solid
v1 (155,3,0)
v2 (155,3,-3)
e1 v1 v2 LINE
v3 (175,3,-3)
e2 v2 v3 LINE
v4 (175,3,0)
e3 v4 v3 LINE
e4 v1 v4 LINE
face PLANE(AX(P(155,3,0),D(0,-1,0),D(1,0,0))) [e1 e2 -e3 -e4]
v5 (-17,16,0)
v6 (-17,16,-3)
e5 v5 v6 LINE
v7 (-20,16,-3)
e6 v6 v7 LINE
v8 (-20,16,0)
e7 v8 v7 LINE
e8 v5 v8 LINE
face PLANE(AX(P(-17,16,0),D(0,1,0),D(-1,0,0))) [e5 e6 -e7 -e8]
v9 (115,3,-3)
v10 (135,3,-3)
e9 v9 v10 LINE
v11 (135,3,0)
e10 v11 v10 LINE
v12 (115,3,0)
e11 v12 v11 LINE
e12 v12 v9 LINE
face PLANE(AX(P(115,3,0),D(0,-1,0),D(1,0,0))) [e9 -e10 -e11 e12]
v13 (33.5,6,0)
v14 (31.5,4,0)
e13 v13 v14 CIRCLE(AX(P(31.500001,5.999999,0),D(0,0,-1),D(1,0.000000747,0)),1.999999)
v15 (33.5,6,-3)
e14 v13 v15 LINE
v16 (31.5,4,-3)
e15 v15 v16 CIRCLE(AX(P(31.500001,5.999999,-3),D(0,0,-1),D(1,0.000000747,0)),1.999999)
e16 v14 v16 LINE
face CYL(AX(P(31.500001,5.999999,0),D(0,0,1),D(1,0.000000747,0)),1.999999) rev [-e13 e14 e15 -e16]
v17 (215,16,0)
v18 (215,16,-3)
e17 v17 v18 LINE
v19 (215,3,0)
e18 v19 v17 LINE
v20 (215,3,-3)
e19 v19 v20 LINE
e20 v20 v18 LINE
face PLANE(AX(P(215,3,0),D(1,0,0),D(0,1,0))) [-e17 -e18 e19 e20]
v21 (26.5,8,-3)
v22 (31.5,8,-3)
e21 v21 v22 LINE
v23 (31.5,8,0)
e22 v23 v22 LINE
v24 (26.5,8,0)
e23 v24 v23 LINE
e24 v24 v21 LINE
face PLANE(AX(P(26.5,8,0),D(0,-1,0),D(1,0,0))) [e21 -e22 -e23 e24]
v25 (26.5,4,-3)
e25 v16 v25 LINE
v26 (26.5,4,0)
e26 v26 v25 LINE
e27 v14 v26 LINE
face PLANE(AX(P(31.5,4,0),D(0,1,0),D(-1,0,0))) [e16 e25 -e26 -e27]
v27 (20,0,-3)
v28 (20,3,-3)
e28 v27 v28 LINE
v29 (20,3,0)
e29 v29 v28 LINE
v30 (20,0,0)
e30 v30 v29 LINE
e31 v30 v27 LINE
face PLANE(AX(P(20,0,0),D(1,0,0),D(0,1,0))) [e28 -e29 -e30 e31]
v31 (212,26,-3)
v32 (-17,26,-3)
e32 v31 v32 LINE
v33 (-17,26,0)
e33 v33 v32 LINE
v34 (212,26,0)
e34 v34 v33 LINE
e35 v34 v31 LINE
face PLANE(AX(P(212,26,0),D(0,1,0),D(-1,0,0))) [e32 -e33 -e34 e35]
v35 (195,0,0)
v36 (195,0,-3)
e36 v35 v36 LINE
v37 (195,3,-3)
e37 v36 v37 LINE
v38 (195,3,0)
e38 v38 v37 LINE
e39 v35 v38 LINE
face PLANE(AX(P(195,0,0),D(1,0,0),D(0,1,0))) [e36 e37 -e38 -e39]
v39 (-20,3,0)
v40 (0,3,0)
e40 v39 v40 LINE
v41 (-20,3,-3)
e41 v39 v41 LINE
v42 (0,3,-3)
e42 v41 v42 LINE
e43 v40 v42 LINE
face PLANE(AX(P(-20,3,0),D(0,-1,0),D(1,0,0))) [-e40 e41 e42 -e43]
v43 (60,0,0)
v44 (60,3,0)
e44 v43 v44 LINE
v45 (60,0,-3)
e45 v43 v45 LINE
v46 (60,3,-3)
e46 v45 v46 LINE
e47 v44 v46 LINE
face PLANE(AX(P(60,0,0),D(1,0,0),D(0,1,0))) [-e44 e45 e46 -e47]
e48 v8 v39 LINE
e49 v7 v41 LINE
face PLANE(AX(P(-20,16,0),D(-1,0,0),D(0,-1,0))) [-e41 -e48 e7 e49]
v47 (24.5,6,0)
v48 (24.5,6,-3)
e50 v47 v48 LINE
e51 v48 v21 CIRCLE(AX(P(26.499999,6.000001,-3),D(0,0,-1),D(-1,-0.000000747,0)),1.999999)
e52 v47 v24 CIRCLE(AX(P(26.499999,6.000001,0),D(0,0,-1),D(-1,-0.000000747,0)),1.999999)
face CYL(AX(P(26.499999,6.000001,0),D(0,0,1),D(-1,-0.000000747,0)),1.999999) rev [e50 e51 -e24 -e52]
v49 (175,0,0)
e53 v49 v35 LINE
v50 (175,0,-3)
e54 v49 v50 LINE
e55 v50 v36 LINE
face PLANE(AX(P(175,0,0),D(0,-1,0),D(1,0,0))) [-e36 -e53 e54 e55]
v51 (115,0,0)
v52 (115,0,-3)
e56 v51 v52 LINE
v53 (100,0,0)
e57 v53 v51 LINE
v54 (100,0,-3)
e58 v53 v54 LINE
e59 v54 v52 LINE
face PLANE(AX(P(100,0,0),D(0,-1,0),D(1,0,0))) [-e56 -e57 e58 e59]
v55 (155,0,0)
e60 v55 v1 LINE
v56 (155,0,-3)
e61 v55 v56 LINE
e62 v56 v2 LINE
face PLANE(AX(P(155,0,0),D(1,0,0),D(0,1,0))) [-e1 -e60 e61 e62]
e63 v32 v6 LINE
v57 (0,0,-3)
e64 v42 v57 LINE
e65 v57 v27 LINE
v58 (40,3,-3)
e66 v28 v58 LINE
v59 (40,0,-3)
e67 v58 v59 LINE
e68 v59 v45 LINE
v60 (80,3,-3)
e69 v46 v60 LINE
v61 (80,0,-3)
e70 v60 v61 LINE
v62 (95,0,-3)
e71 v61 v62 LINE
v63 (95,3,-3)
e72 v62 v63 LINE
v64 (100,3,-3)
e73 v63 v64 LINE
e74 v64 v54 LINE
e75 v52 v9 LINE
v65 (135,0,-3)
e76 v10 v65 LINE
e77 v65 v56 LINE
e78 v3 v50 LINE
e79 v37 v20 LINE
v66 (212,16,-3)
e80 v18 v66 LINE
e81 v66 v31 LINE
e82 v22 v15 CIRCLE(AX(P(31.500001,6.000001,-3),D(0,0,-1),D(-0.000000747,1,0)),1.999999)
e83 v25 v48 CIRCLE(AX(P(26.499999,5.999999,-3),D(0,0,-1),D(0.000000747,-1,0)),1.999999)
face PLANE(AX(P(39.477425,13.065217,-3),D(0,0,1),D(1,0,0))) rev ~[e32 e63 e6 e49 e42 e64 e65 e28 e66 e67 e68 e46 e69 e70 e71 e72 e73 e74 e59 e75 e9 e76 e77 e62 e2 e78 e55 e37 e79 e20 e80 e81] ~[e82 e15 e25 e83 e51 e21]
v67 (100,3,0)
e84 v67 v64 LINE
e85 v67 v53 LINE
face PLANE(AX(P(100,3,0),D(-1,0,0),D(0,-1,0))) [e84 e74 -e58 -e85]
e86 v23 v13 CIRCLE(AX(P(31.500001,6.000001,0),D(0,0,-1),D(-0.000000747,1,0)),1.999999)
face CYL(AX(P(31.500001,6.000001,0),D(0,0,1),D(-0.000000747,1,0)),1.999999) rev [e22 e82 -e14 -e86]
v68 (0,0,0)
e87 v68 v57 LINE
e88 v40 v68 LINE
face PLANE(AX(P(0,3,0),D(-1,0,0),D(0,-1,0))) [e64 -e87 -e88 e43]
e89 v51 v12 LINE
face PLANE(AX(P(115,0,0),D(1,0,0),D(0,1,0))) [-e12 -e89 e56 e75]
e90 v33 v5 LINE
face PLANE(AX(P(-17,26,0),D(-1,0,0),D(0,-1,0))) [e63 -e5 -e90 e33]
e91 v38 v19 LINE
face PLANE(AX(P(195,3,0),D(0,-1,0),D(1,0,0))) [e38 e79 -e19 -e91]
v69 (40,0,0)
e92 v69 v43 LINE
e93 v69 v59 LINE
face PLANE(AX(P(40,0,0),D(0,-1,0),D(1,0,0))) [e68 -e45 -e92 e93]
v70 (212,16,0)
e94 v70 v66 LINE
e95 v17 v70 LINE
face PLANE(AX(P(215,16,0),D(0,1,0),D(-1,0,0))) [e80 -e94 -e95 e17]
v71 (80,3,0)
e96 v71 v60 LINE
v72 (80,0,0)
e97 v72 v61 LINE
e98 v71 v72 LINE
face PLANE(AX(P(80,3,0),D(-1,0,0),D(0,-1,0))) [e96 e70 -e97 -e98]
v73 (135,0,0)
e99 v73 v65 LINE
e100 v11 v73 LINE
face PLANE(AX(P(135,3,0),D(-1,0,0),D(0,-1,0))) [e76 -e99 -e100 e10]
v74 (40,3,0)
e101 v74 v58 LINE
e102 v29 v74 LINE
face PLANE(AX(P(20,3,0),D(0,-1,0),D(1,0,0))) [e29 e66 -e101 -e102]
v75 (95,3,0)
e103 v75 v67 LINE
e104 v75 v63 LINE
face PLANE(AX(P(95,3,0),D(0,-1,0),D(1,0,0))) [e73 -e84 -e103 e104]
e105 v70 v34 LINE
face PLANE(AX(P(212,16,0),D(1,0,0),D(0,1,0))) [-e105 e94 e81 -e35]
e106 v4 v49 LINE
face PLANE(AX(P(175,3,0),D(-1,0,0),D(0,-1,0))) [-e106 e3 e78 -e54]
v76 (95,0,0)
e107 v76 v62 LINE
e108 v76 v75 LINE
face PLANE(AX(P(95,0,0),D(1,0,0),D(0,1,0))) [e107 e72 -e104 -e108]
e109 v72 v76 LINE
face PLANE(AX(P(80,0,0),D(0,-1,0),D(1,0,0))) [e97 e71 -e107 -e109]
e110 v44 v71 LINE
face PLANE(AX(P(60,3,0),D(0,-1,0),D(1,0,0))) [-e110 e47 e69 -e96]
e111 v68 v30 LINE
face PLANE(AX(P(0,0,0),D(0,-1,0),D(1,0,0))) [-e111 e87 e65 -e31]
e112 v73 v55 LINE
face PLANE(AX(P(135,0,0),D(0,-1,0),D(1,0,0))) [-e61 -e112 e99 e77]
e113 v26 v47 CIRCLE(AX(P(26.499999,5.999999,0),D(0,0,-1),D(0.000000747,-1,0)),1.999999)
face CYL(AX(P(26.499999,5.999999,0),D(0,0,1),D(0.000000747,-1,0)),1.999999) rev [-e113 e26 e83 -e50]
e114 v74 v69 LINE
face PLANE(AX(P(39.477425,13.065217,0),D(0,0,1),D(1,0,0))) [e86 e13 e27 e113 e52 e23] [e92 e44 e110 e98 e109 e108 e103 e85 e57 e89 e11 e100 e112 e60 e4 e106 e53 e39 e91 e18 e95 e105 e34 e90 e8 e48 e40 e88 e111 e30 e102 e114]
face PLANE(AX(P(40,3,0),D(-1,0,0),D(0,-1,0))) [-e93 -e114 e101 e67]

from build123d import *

# Parameters (mm, degrees)
F1_DEPTH = 3


with BuildPart() as f1:
    # F0 (on Top) → F1 (new body)
    with BuildSketch(Plane.XY):
        Polygon((97.5, 26), (-17, 26), (-17, 16), (-20, 16), (-20, 3), (0, 3), (0, 0), (20, 0), (20, 3), (40, 3), (40, 0), (60, 0), (60, 3), (80, 3), (80, 0), (95, 0), (95, 3), (97.5, 3), align=None)
        with BuildLine():
            ThreePointArc((24.5, 6), (25.085786, 7.414214), (26.5, 8))
            Line((26.5, 8), (31.5, 8))
            ThreePointArc((31.5, 8), (32.914214, 7.414214), (33.5, 6))
            ThreePointArc((33.5, 6), (32.914214, 4.585786), (31.5, 4))
            Line((31.5, 4), (26.5, 4))
            ThreePointArc((26.5, 4), (25.085786, 4.585786), (24.5, 6))
        make_face(mode=Mode.SUBTRACT)
        Polygon((212, 26), (97.5, 26), (97.5, 3), (100, 3), (100, 0), (115, 0), (115, 3), (135, 3), (135, 0), (155, 0), (155, 3), (175, 3), (175, 0), (195, 0), (195, 3), (215, 3), (215, 16), (212, 16), align=None)
    extrude(amount=-F1_DEPTH)


solid = f1.part
